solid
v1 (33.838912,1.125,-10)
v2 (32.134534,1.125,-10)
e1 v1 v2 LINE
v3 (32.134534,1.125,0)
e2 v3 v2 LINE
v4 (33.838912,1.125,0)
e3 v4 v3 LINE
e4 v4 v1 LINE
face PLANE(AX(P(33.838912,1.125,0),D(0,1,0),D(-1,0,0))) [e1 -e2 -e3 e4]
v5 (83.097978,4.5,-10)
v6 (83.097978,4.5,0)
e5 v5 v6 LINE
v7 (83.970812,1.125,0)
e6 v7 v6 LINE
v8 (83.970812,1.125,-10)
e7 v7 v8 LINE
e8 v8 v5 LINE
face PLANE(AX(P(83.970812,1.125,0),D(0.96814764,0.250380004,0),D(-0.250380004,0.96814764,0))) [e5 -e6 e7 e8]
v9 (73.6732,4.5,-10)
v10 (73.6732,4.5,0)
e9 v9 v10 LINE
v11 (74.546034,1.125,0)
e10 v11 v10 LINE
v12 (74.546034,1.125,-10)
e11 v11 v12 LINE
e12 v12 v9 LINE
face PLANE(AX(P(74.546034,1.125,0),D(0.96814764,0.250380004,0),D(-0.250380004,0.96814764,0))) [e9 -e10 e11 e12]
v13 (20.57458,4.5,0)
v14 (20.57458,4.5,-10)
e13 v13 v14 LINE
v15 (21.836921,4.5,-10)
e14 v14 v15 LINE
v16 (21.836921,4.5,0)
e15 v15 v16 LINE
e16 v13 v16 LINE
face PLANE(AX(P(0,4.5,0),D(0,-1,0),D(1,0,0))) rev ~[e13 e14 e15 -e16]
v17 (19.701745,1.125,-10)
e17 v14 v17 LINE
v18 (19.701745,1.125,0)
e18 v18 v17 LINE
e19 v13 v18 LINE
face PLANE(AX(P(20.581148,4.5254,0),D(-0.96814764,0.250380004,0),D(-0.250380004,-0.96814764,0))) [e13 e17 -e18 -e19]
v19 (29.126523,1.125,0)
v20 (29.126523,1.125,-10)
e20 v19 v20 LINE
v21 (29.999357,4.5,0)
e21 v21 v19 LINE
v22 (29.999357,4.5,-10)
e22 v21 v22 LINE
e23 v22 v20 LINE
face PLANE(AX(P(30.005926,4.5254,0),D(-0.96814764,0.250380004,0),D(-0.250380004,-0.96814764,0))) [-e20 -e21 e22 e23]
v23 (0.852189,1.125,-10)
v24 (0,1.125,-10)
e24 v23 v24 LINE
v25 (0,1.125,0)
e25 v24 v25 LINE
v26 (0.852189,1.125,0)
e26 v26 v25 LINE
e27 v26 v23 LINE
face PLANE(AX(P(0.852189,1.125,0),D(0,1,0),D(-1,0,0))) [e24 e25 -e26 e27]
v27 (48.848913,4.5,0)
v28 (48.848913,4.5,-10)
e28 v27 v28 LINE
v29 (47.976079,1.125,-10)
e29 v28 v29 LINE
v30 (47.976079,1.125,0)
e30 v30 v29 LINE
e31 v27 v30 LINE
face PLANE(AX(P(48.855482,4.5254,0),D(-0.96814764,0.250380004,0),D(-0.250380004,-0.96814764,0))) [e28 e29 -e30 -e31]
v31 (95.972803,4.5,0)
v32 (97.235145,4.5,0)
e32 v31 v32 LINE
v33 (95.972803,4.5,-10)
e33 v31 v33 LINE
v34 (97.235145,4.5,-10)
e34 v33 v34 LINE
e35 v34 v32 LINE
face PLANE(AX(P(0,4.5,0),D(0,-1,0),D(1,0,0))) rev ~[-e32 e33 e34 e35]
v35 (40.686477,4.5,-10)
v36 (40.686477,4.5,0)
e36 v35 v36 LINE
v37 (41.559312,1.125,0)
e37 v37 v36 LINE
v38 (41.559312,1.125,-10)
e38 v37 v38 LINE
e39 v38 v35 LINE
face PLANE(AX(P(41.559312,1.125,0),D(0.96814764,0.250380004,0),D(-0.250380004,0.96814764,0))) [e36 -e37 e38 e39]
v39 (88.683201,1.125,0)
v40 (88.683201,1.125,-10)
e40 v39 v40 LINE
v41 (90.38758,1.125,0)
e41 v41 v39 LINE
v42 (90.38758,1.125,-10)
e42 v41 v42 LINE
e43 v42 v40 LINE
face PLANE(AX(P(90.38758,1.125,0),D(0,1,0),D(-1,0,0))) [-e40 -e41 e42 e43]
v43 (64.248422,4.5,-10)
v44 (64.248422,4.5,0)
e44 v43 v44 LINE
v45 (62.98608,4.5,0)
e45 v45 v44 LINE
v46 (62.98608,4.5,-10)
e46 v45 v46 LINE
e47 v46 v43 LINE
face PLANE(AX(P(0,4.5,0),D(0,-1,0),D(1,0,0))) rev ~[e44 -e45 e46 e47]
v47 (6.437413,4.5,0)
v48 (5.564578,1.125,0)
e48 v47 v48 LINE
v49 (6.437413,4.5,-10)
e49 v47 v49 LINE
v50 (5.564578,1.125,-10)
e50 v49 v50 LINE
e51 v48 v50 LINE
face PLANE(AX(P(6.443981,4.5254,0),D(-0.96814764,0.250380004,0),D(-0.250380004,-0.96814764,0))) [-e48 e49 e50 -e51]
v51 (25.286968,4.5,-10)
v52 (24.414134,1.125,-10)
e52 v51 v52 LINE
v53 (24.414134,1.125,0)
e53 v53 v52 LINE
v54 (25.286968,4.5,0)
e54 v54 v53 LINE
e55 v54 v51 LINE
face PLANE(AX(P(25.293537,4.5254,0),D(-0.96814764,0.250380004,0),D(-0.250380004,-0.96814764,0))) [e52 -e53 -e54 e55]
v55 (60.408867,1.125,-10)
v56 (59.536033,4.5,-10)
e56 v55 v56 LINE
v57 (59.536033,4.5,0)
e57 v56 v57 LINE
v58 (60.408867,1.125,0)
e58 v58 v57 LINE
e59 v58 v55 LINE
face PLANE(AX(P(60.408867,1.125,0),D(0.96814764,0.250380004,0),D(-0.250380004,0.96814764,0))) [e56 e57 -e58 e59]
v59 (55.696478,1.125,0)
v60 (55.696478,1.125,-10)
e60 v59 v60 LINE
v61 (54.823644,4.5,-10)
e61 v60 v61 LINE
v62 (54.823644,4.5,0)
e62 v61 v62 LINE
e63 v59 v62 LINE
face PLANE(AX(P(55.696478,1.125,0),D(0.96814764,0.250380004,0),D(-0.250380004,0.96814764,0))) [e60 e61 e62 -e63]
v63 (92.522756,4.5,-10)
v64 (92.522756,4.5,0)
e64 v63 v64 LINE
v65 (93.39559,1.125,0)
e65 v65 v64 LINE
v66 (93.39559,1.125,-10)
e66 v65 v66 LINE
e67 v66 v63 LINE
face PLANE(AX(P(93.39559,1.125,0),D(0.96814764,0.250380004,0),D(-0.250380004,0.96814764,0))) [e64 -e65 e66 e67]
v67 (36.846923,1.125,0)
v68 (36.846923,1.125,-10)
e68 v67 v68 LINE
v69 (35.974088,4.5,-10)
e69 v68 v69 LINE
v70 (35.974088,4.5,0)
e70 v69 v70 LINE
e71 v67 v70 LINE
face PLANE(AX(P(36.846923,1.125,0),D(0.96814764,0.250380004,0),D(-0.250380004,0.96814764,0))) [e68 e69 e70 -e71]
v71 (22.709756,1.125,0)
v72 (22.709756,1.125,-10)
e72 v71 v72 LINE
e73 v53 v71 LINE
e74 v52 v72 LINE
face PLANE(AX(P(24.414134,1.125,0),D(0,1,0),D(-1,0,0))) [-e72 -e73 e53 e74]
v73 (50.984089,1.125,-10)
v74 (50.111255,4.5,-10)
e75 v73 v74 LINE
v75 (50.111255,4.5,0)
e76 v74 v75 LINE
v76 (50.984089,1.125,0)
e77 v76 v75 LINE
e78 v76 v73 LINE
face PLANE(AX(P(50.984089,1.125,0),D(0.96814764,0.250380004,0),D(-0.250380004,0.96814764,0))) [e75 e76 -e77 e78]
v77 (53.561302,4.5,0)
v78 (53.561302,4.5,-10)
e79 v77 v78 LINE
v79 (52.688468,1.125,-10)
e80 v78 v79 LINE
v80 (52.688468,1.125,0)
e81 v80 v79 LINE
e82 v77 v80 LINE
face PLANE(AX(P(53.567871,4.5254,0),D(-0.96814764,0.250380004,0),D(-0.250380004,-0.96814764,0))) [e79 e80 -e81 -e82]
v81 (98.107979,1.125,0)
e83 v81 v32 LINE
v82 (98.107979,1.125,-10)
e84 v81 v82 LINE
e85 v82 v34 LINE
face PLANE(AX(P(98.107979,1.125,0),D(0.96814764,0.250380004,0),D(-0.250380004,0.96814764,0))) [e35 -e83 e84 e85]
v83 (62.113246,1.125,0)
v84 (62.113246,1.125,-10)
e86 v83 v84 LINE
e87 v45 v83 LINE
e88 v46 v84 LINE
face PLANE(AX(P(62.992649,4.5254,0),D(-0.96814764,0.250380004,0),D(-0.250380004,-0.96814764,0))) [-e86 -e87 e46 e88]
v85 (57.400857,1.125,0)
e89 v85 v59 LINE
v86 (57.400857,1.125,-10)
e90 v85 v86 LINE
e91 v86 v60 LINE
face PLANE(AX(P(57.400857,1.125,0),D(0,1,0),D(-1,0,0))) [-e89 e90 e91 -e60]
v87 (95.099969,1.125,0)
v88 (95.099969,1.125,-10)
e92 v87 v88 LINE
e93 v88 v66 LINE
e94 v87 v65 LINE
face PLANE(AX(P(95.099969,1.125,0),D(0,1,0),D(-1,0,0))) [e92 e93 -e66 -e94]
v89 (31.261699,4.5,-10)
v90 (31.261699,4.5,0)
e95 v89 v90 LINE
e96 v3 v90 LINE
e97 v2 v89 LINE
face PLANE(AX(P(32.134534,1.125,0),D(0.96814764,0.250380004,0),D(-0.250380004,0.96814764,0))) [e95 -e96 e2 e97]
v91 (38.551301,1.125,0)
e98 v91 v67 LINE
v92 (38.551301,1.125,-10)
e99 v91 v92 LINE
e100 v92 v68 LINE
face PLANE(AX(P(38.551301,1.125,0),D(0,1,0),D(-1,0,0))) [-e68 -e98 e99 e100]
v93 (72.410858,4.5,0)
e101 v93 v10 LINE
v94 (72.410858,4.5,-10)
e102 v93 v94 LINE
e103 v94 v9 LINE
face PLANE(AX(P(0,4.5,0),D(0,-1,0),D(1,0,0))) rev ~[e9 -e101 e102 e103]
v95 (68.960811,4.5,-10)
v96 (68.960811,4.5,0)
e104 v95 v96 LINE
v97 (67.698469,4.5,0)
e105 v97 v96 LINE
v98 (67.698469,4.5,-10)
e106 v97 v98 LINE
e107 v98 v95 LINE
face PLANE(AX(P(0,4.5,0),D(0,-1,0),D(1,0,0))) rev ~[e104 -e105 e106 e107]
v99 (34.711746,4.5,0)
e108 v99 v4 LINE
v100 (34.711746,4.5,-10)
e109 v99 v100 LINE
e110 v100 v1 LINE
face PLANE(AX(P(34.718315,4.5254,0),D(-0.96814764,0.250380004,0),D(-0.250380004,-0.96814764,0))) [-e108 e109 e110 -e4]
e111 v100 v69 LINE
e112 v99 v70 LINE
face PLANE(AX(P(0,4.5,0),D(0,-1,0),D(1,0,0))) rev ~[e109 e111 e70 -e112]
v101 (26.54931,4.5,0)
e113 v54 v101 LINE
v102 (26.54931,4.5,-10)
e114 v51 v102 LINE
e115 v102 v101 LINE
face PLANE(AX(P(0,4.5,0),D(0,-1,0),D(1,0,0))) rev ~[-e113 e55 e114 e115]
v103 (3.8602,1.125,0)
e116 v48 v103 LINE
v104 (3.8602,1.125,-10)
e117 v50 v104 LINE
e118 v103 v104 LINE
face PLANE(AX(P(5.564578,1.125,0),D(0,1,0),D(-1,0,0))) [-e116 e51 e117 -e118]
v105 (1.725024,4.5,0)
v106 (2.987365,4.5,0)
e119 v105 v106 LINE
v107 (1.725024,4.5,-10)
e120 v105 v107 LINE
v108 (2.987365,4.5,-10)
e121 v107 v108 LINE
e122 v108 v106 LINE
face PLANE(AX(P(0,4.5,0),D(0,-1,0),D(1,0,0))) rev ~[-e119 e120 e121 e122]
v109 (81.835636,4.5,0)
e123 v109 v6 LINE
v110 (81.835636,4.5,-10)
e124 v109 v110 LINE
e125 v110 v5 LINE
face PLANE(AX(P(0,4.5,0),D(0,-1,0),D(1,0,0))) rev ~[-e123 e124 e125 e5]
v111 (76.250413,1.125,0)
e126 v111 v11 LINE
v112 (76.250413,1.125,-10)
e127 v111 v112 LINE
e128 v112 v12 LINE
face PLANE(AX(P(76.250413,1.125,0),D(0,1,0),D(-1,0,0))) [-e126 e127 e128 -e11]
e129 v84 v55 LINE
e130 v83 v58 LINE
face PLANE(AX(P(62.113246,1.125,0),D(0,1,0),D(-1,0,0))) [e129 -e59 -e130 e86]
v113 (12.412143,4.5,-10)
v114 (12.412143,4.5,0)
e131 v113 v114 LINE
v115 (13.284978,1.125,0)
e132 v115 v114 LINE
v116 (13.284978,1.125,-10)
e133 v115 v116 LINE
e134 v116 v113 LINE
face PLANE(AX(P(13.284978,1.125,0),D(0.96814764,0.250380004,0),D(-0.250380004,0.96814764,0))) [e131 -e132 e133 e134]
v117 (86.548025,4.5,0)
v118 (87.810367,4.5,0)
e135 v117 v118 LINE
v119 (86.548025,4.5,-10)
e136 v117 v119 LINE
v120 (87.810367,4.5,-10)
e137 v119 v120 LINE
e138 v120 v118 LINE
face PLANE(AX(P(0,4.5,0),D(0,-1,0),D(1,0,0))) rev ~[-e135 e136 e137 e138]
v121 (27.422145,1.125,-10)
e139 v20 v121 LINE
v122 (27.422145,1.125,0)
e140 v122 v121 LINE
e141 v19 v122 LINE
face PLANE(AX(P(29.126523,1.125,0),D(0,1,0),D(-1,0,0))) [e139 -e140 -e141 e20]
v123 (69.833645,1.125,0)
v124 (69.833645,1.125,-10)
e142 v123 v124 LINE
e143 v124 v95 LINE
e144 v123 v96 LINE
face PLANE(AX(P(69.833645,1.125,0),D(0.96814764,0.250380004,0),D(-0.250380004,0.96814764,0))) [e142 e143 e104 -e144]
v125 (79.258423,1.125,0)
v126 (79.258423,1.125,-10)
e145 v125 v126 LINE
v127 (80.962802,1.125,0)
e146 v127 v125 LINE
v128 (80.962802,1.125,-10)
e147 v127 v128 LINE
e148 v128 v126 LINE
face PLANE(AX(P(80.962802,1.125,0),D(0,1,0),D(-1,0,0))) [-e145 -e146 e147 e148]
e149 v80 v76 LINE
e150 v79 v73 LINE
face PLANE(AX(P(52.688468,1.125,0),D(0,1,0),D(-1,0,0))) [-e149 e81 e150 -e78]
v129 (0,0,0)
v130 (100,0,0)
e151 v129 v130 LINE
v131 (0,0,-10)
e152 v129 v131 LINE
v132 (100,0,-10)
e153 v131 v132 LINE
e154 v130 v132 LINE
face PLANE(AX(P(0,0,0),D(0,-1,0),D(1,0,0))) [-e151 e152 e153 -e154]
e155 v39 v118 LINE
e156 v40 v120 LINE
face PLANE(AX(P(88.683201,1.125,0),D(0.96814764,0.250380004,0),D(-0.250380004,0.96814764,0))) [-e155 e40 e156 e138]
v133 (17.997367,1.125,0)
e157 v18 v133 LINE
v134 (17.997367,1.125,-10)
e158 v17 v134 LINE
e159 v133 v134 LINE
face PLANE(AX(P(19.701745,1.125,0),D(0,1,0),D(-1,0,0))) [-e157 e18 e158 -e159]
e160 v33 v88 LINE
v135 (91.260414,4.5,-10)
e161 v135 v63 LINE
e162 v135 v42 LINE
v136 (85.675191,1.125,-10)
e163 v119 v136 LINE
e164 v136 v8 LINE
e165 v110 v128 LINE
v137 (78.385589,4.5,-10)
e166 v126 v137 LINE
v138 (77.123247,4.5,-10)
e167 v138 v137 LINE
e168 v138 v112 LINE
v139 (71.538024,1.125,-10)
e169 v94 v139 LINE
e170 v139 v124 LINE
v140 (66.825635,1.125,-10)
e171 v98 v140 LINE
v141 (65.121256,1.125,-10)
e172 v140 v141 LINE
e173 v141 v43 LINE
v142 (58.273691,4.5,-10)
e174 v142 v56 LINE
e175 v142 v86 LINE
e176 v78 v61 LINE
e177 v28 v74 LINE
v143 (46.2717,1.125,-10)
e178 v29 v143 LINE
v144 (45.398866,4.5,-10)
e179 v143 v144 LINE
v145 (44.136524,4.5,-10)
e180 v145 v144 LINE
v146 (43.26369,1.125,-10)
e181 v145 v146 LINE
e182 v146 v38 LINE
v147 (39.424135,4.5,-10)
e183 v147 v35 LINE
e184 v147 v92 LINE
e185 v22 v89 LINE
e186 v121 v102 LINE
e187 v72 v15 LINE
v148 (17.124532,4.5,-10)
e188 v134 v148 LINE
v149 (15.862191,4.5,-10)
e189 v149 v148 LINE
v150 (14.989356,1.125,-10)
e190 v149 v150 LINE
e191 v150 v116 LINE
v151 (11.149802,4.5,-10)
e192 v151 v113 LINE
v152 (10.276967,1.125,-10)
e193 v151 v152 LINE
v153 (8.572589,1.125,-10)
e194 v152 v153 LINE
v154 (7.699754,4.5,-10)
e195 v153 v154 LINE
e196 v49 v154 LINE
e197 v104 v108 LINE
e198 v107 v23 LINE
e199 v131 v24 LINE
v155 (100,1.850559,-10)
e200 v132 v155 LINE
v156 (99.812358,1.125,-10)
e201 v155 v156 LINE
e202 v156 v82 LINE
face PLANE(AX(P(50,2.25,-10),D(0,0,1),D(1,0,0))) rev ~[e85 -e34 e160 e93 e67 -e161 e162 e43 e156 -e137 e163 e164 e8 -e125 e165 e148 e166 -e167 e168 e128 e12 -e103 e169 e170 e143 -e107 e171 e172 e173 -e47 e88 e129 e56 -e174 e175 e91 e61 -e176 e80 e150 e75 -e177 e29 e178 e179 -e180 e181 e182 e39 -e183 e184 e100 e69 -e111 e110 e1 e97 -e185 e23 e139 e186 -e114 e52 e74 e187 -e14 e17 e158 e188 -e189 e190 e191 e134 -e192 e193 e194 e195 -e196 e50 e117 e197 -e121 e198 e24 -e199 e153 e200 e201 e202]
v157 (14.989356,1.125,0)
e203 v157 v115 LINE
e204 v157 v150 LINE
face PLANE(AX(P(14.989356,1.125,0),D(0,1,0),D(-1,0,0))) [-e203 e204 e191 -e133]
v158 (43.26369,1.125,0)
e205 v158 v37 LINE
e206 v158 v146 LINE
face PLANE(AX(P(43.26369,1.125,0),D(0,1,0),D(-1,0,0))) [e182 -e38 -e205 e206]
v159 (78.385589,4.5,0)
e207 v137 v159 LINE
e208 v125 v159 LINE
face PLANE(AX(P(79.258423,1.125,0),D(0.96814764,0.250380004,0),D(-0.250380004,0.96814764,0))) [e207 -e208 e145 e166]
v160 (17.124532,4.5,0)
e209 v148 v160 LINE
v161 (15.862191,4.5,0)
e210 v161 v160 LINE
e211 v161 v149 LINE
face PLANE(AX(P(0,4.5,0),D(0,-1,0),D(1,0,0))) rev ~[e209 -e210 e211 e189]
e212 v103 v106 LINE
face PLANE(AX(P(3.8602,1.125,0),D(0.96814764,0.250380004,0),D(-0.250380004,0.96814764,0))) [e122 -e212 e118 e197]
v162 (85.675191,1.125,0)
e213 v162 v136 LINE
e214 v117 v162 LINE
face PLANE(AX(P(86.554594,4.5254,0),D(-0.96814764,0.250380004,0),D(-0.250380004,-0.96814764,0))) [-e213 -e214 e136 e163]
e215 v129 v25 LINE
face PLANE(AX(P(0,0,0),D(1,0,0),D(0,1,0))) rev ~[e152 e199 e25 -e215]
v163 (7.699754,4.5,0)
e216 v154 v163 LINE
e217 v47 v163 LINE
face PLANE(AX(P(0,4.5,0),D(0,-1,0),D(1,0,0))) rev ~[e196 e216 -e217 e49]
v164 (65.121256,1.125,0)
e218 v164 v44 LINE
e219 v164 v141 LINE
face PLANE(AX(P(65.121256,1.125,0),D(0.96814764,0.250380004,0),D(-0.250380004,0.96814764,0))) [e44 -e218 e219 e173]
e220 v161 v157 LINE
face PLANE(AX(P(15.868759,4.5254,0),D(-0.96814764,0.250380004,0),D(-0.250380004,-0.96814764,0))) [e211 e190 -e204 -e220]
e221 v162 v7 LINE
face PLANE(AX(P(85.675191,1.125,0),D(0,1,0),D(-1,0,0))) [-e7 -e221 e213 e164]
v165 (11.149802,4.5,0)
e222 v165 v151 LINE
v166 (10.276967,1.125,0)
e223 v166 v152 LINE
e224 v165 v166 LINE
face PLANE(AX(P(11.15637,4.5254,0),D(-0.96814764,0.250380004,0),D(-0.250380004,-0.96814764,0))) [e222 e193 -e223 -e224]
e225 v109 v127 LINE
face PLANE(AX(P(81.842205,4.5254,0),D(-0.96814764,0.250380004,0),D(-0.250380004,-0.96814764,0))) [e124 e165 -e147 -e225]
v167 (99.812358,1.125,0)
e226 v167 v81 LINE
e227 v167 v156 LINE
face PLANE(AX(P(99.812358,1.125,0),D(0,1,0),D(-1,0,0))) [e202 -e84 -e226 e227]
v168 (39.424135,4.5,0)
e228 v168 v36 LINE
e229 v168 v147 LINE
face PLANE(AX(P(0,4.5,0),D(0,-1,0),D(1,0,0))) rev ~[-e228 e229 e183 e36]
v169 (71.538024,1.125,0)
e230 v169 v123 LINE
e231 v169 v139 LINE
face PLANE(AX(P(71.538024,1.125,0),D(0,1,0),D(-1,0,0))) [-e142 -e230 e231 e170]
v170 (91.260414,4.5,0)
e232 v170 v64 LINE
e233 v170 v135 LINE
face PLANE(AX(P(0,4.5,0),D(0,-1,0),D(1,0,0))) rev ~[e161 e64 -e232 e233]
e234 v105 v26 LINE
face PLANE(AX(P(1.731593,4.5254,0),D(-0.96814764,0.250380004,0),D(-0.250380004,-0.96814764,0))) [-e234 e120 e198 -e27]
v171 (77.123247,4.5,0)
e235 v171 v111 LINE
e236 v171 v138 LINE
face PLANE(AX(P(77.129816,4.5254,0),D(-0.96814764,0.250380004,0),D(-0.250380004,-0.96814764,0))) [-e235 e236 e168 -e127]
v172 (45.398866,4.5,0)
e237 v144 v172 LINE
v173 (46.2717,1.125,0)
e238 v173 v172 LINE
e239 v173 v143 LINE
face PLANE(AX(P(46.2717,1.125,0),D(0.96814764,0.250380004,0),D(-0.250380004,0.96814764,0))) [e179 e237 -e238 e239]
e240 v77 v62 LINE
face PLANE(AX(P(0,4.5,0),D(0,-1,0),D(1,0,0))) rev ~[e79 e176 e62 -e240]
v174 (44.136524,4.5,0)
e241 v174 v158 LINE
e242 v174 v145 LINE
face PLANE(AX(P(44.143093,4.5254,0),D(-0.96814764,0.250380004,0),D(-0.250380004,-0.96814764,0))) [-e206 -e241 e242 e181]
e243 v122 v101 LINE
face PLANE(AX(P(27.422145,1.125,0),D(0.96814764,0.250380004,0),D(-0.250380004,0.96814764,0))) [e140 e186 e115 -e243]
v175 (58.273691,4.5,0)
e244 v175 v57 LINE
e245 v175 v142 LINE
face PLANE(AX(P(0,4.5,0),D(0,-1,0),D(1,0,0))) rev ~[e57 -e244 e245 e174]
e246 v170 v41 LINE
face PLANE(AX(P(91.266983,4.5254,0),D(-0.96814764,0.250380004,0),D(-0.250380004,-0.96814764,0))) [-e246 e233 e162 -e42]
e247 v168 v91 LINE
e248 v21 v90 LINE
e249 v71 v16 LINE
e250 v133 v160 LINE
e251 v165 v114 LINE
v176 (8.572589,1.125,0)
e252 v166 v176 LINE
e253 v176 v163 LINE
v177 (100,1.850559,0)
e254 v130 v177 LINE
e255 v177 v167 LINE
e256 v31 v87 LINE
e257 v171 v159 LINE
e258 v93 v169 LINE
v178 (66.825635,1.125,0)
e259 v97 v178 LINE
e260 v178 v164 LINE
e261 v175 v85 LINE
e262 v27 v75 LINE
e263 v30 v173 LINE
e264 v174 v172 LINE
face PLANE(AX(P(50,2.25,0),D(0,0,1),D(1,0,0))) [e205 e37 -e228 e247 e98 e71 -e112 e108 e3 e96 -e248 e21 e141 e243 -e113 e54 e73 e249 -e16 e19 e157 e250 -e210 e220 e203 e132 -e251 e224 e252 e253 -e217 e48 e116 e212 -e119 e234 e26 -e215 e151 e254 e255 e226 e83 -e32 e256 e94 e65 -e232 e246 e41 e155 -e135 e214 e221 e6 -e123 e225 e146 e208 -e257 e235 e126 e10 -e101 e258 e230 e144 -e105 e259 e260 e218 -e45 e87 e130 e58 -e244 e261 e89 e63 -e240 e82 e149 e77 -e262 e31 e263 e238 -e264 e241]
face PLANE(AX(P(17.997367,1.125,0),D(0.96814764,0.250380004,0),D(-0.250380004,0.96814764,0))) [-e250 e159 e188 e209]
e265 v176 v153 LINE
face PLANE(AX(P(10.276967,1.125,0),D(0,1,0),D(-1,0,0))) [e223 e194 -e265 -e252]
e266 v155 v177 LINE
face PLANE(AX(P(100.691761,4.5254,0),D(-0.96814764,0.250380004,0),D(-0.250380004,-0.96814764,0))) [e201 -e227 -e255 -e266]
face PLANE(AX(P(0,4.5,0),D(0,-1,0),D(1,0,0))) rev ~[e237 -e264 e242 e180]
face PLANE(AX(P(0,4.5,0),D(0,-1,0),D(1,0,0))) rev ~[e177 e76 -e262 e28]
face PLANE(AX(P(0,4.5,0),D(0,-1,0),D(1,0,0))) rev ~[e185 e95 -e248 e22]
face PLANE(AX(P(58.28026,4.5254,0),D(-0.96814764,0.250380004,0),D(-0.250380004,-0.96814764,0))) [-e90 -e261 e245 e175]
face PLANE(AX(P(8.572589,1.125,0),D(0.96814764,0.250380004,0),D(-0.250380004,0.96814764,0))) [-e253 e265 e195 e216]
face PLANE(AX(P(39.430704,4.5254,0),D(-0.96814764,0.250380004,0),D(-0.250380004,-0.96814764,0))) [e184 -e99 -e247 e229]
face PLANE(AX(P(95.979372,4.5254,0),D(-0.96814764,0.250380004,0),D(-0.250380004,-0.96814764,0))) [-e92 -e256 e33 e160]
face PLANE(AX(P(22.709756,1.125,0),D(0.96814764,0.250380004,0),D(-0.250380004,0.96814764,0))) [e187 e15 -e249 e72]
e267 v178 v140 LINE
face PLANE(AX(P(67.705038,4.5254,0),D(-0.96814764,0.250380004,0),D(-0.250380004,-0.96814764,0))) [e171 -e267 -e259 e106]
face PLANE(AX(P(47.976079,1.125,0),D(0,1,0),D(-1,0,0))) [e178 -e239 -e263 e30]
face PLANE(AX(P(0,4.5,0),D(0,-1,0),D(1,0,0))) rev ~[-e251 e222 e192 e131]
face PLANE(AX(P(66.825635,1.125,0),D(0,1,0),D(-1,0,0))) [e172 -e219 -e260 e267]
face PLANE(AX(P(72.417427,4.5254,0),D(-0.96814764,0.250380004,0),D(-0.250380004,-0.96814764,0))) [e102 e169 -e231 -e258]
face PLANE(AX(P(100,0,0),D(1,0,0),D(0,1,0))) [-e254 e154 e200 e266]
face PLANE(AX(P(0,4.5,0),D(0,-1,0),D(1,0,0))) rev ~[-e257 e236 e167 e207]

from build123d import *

# Parameters (mm, degrees)
BLANKSKE_W        = 100
BLANKSKE_H        = 4.5
BLANK_DEPTH       = 10
TOOTHCUTSIM_DEPTH = 101.599453279
TEETHCUTS_COUNT   = 22
TEETHCUTS_PITCH   = 4.712388975


with BuildPart() as part:
    # BlankSke → Blank (new body)
    with BuildSketch(Plane.XY):
        with Locations((50, 2.25)):
            Rectangle(BLANKSKE_W, BLANKSKE_H)
    extrude(amount=-BLANK_DEPTH)

    # TooCutSkeSim → ToothCutSim (cut, through all)
    with BuildSketch(Plane.XY):
        Polygon((0.852189273, 1.125), (-0.852189273, 1.125), (-1.731592507, 4.5254), (1.731592507, 4.5254), align=None)
    toothcutsim = extrude(amount=-TOOTHCUTSIM_DEPTH, mode=Mode.SUBTRACT)

    # TeethCuts: ToothCutSim ×22
    with Locations(*[(i * TEETHCUTS_PITCH, 0, 0) for i in range(1, TEETHCUTS_COUNT)]):
        add(toothcutsim, mode=Mode.SUBTRACT)


solid = part.part
